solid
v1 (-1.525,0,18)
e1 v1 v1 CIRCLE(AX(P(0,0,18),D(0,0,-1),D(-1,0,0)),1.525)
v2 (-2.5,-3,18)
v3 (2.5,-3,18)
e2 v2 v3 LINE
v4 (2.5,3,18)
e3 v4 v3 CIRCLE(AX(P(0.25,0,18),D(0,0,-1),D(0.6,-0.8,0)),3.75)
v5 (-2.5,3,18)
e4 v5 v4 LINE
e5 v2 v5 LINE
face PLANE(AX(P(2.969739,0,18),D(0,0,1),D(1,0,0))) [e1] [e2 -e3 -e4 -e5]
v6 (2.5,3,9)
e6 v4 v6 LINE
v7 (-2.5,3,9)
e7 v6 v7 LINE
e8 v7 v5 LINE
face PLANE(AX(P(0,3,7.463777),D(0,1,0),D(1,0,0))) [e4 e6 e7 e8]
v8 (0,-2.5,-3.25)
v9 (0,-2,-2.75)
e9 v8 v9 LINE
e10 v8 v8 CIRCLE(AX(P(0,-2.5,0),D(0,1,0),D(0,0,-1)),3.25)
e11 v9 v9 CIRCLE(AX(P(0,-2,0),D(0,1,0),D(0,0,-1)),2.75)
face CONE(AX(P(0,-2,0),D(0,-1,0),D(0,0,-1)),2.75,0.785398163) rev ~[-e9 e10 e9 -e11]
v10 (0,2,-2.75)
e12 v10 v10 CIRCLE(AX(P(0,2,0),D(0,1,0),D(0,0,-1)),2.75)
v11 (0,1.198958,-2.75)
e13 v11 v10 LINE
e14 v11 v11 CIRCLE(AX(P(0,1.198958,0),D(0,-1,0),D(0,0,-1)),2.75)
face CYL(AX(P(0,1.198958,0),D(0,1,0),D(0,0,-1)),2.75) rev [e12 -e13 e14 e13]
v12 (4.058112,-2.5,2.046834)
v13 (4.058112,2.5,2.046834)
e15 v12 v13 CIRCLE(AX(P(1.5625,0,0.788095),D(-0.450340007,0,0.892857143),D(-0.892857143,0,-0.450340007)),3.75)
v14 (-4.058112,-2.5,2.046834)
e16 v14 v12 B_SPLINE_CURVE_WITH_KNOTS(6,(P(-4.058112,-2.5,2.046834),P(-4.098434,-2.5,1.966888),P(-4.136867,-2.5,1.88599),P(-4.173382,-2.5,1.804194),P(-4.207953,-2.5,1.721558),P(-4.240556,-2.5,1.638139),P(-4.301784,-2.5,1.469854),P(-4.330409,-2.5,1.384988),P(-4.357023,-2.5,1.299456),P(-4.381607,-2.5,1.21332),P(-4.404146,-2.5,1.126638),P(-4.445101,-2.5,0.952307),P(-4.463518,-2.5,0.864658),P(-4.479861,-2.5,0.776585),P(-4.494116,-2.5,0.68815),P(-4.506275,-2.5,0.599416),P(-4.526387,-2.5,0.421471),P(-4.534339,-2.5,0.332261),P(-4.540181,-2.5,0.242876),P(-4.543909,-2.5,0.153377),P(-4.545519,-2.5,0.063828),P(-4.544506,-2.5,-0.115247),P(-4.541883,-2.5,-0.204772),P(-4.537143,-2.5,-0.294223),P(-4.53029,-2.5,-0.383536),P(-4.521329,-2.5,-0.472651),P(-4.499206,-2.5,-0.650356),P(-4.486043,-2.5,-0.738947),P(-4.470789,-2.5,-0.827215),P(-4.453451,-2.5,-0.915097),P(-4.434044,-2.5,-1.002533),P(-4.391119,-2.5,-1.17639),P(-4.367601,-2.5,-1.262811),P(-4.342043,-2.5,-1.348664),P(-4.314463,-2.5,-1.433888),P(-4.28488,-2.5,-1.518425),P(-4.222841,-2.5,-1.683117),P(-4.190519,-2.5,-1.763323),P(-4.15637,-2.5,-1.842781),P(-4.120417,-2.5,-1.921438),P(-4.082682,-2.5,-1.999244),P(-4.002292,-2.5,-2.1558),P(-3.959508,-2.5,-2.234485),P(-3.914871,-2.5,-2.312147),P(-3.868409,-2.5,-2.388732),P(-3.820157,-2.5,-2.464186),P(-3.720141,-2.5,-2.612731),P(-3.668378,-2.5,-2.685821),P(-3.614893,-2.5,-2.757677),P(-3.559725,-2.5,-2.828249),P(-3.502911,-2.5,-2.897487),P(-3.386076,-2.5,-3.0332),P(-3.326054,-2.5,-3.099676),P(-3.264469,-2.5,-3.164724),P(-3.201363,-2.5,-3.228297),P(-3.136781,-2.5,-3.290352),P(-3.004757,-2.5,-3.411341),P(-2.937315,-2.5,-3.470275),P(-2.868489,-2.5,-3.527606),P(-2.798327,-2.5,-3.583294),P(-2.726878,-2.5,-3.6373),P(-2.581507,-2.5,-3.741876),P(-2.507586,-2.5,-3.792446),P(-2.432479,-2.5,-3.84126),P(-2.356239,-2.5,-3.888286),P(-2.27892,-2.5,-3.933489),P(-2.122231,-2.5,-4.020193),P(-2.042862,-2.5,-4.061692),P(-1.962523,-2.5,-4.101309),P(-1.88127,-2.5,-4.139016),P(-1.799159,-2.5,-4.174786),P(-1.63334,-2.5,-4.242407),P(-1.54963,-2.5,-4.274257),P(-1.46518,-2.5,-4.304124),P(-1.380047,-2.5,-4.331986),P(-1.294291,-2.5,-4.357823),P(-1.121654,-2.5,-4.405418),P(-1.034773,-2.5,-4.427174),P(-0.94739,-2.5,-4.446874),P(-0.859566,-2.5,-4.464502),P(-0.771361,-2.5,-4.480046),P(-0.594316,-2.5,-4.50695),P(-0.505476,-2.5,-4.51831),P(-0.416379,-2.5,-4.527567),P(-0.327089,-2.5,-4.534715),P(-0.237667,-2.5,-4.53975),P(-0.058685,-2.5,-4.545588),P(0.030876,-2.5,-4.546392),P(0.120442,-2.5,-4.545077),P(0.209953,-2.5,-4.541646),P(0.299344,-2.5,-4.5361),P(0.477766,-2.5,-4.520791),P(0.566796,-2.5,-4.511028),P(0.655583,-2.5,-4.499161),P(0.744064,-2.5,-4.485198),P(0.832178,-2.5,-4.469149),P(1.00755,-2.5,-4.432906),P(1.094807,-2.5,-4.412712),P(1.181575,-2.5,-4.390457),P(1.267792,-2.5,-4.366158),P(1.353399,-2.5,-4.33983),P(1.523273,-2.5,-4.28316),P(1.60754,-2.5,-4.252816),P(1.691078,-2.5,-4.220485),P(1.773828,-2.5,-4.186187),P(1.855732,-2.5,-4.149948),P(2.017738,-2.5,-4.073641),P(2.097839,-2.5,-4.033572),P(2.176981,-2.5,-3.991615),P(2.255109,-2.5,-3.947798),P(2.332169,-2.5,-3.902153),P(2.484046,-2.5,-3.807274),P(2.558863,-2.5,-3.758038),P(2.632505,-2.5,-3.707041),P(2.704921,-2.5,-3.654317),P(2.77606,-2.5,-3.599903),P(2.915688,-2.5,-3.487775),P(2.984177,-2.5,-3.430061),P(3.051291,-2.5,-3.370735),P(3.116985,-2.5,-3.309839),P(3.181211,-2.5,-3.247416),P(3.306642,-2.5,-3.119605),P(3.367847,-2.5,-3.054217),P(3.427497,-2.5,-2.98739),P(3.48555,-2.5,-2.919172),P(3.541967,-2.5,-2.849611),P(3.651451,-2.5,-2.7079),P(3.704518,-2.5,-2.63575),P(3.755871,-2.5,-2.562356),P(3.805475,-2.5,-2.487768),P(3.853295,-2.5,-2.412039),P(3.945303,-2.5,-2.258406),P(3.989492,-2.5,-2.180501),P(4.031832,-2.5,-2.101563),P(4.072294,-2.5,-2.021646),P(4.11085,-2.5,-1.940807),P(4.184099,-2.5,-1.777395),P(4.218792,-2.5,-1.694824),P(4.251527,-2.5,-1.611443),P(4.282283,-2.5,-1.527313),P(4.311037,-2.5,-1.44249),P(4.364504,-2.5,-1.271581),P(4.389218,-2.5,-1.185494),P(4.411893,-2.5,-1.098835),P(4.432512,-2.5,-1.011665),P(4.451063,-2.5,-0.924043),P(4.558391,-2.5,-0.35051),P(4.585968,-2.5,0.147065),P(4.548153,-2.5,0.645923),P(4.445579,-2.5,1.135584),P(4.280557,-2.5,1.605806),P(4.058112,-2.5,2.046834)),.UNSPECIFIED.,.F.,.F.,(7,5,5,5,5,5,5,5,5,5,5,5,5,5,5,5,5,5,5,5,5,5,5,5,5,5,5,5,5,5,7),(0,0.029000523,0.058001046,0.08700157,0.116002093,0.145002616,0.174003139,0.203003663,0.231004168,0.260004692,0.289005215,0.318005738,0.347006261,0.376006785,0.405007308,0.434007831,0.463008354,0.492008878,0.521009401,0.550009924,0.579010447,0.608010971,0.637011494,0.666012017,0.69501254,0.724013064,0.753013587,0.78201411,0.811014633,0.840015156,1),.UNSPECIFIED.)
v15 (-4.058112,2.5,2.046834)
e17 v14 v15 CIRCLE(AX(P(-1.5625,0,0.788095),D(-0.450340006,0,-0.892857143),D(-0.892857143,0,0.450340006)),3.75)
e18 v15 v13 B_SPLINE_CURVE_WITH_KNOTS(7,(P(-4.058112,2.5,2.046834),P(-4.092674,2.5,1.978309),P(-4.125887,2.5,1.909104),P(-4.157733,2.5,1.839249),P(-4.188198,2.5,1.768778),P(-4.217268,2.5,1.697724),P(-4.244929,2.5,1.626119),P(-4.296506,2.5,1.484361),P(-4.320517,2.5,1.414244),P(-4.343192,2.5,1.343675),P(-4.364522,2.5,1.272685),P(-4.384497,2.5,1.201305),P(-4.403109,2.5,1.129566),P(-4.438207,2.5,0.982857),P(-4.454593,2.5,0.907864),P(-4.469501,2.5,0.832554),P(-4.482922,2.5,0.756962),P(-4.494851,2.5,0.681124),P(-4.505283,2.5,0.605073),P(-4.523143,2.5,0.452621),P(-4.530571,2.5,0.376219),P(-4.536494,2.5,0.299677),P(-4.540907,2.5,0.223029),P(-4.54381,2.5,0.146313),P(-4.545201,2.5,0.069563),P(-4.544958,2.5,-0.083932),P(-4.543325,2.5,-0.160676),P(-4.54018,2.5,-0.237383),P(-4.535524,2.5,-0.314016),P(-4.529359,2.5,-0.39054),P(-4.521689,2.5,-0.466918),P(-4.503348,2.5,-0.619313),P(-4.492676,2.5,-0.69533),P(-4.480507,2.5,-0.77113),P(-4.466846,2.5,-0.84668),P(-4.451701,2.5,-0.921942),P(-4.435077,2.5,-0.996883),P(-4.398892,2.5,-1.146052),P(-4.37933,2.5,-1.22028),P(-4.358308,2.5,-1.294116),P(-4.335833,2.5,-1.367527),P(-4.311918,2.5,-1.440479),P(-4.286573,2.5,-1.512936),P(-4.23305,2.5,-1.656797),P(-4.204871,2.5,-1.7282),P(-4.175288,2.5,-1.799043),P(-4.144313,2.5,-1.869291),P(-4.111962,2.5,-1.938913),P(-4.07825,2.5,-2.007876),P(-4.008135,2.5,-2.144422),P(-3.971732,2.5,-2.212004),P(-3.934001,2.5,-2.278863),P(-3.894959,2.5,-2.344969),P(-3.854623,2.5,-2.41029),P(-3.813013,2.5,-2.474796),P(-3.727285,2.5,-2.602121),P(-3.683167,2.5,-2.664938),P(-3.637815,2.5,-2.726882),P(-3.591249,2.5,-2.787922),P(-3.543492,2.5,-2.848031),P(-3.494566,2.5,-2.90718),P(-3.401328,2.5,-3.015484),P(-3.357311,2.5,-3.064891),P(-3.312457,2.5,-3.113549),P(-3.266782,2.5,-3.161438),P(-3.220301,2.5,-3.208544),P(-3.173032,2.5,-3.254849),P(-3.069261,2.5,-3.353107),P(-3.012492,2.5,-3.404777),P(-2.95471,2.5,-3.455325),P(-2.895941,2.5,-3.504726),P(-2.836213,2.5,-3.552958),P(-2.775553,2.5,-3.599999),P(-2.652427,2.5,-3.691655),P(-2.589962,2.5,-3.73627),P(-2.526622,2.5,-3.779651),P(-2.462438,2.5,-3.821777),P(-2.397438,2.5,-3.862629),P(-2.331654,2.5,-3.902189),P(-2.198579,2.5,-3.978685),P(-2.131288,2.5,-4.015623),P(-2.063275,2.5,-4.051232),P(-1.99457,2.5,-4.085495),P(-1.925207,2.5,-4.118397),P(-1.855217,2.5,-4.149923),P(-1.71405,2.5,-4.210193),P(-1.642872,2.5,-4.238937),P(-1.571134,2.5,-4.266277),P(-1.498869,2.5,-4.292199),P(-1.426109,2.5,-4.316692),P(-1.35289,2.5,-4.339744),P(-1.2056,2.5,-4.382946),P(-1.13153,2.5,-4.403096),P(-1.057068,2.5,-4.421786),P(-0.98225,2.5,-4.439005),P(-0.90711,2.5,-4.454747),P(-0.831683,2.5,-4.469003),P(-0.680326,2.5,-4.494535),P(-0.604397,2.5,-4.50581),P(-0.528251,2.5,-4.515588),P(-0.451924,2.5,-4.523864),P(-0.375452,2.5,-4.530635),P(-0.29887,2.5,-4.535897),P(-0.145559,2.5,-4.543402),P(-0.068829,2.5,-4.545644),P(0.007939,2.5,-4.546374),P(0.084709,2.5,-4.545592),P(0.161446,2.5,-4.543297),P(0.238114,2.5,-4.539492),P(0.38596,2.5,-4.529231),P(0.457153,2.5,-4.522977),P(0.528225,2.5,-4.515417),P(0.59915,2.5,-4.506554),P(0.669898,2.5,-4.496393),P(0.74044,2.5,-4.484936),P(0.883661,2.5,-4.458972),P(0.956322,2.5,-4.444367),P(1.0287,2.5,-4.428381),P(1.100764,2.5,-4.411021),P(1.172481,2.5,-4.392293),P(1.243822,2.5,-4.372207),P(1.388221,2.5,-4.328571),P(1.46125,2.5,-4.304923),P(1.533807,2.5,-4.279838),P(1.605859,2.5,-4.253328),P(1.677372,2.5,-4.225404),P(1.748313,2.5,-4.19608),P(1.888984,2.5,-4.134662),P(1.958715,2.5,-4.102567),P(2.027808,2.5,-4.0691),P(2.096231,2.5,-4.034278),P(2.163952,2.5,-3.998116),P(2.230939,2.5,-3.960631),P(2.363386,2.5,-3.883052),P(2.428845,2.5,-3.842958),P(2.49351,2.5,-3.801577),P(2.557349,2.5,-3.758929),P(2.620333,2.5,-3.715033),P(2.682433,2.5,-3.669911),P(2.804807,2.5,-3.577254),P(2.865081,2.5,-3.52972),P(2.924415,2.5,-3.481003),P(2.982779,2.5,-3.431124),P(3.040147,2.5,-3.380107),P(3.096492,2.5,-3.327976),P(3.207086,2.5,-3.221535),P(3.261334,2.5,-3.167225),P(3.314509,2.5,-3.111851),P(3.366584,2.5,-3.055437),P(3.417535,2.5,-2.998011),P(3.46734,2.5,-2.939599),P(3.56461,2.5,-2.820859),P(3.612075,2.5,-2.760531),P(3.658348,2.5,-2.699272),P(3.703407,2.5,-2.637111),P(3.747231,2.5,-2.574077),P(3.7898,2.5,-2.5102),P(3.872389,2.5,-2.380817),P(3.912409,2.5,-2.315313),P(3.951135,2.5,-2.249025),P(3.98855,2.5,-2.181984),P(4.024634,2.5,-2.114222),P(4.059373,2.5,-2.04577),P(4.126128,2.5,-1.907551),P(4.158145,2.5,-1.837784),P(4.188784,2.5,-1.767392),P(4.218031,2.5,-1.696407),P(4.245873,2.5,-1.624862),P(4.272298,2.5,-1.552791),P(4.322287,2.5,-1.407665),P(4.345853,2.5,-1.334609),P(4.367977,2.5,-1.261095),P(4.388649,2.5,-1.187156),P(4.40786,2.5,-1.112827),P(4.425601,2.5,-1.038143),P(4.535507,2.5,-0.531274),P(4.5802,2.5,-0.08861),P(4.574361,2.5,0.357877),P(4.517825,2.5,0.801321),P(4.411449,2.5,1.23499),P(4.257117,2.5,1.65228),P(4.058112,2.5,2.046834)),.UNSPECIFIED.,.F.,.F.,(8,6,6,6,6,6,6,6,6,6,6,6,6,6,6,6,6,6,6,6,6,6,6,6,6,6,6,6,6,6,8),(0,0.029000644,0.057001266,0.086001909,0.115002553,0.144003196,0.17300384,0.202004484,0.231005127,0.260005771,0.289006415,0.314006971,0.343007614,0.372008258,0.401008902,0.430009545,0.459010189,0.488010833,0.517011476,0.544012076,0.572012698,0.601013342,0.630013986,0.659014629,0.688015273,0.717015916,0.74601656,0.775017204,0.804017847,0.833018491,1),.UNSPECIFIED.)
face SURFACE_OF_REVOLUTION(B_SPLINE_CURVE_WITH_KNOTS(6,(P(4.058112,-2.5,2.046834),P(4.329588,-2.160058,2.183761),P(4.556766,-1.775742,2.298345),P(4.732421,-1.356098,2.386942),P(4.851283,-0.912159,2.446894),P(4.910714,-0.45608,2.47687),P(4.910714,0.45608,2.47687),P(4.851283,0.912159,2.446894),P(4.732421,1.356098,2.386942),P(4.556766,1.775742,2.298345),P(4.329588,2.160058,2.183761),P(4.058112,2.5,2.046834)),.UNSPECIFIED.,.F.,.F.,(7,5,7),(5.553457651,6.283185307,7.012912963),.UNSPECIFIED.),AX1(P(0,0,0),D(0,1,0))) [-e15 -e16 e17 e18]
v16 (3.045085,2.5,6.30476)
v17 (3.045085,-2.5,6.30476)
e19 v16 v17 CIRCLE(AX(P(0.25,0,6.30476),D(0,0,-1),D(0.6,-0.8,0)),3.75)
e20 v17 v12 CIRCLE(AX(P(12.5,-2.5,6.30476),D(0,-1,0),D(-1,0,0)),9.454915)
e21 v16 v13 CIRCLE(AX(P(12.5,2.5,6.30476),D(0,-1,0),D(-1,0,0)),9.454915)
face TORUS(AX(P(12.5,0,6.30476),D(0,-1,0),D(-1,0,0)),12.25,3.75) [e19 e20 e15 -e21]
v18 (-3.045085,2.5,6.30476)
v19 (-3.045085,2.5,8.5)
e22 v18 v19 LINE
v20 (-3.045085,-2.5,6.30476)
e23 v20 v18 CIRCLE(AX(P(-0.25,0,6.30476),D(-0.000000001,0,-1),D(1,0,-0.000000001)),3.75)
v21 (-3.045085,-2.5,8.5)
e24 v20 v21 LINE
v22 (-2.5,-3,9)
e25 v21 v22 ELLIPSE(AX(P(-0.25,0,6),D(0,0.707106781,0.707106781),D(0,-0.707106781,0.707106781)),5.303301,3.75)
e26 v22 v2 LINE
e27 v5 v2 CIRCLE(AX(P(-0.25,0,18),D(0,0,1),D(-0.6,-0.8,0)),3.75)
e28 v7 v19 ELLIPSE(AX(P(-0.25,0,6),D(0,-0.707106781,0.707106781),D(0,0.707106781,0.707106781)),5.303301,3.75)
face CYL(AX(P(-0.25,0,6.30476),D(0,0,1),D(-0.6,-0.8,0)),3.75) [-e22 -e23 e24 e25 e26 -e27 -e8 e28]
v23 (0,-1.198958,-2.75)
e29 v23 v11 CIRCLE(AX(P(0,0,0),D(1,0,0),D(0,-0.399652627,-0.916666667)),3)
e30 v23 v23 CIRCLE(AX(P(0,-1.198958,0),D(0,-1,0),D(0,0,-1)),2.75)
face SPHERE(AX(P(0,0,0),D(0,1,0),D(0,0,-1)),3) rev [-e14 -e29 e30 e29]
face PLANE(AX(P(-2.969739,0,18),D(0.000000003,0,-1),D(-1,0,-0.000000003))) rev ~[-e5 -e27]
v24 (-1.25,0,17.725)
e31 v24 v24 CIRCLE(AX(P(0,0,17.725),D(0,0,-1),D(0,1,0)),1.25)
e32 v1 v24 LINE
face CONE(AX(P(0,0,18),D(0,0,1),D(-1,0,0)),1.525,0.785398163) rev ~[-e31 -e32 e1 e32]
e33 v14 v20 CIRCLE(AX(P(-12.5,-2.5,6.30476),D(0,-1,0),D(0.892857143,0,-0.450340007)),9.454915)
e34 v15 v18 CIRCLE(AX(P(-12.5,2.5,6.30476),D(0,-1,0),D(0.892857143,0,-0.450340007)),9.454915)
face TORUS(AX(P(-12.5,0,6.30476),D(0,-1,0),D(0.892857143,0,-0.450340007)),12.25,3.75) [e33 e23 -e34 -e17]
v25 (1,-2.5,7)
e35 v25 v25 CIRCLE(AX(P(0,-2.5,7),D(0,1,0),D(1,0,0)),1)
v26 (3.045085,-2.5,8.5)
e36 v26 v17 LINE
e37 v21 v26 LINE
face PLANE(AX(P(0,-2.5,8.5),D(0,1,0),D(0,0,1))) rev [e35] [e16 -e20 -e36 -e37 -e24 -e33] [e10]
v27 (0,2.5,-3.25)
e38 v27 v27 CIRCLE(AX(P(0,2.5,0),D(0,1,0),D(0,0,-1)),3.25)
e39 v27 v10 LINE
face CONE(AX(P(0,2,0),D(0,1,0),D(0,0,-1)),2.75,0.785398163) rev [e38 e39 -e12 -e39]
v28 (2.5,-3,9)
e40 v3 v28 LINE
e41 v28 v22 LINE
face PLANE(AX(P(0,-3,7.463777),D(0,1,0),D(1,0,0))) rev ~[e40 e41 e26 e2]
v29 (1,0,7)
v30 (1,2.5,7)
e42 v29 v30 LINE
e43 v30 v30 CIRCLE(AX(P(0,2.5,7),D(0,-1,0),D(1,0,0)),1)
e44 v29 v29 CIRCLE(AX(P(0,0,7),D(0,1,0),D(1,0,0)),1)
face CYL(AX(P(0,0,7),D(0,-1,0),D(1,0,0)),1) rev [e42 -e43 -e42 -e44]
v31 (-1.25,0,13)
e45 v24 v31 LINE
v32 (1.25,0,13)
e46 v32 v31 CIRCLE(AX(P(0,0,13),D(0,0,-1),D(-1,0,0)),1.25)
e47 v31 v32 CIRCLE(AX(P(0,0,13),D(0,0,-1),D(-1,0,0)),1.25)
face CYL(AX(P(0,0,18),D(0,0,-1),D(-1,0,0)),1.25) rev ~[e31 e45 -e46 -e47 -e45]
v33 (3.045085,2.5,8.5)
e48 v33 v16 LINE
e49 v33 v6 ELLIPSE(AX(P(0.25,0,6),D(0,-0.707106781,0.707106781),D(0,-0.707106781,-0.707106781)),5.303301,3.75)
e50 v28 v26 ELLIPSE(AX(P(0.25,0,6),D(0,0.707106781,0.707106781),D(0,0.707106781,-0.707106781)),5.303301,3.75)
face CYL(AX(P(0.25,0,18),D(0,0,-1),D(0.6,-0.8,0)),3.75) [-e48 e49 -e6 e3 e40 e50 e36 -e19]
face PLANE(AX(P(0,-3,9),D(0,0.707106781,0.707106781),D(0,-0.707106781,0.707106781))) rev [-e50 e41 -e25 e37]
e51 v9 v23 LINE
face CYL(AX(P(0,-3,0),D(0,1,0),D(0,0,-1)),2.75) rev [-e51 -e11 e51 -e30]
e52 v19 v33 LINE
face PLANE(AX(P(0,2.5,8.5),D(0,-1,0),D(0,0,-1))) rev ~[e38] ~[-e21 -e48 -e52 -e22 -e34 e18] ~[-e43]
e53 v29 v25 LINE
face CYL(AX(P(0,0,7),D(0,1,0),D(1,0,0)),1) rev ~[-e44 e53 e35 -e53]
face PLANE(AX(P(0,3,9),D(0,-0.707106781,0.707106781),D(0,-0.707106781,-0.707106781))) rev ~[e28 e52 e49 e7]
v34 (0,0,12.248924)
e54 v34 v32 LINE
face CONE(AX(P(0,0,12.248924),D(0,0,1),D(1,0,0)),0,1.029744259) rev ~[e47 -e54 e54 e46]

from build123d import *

# Parameters (mm, degrees)
BOSS_EXTRUDE1_DEPTH         = 3
FILLET1_R                   = 10
M3_TAPPED_HOLE1_D           = 2.5
M3_TAPPED_HOLE1_DEPTH       = 5
M3_TAPPED_HOLE1_CSINK_D     = 3.05
M3_TAPPED_HOLE1_CSINK_ANGLE = 90
M3_TAPPED_HOLE1_TIP         = 0.751075774
CUT_EXTRUDE1_DEPTH          = 6.5000001
SKETCH8_R                   = 1
CUT_EXTRUDE2_DEPTH          = 4
CUT_EXTRUDE2_DEPTH_BACK     = 4
CHAMFER1_SIZE               = 0.5


with BuildPart() as part:
    # Sketch1 → Boss-Extrude1 (new body, symmetric)
    with BuildSketch(Plane(origin=(0, 0, 0), x_dir=(1, 0, 0), z_dir=(0, 1, 0))):
        with BuildLine():
            Line((-2.5, -3.122498999), (-2.5, -18))
            Line((-2.5, -18), (2.5, -18))
            Line((2.5, -18), (2.5, -3.122498999))
            ThreePointArc((2.5, -3.122498999), (0, 4), (-2.5, -3.122498999))
        make_face()
    extrude(amount=BOSS_EXTRUDE1_DEPTH, both=True)

    # Fillet1
    fillet1_edges = [part.edges().sort_by_distance(p)[0] for p in [
        (-2.5, 0, 3.122498999),
        (2.5, 0, 3.122498999),
    ]]
    fillet(fillet1_edges, radius=FILLET1_R)

    # Sweep1: sweep along a path in Sketch3
    with BuildLine(Plane(origin=(0, 3, 0), x_dir=(1, 0, 0), z_dir=(0, 1, 0))) as sweep1_path:
        Line((2.5, -18), (2.5, -6.304760106))
        ThreePointArc((2.5, -6.304760106), (2.771543949, -3.990209857), (3.571428571, -1.80136003))
        ThreePointArc((3.571428571, -1.80136003), (0, 4), (-3.571428571, -1.80136003))
        ThreePointArc((-3.571428571, -1.80136003), (-2.771543949, -3.990209857), (-2.5, -6.304760106))
        Line((-2.5, -6.304760106), (-2.5, -18))
    # Sketch2 → Sweep1 (sweep)
    with BuildSketch(Plane.XY.offset(18)):
        with BuildLine():
            Line((2.5, 3), (2.5, -3))
            ThreePointArc((2.5, -3), (4, 0), (2.5, 3))
        make_face()
    sweep(path=sweep1_path.line)

    # M3 Tapped Hole1
    with Locations(Plane.XY.offset(18)):
        with Locations((0, 0)):
            CounterSinkHole(M3_TAPPED_HOLE1_D / 2, M3_TAPPED_HOLE1_CSINK_D / 2, depth=M3_TAPPED_HOLE1_DEPTH, counter_sink_angle=M3_TAPPED_HOLE1_CSINK_ANGLE)
            with Locations((0, 0, -(M3_TAPPED_HOLE1_DEPTH + M3_TAPPED_HOLE1_TIP / 2))):  # 118° drill point
                Cone(0, M3_TAPPED_HOLE1_D / 2, M3_TAPPED_HOLE1_TIP, mode=Mode.SUBTRACT)

    # Sketch6 → Cut-Extrude1 (cut, symmetric)
    with BuildSketch(Plane(origin=(0, 0, 0), x_dir=(0, 0, -1), z_dir=(1, 0, 0))):
        Polygon((-9, 3), (-8.5, 2.5), (11, 2.5), (11, 3), align=None)
    cut_extrude1 = extrude(amount=CUT_EXTRUDE1_DEPTH, both=True, mode=Mode.SUBTRACT)

    # Mirror1: Cut-Extrude1 across plane
    add(cut_extrude1.mirror(Plane.ZX), mode=Mode.SUBTRACT)

    # Sketch7 → Cut-Revolve1 (revolve, cut)
    with BuildSketch(Plane(origin=(0, 0, 0), x_dir=(0, 0, -1), z_dir=(1, 0, 0))):
        with BuildLine():
            Line((0, 3), (0, -3))
            Line((0, -3), (2.75, -3))
            Line((2.75, -3), (2.75, -1.198957881))
            ThreePointArc((2.75, -1.198957881), (3, 0), (2.75, 1.198957881))
            Line((2.75, 1.198957881), (2.75, 3))
            Line((2.75, 3), (0, 3))
        make_face()
    revolve(axis=Axis((0, 6.277574948, 0), (0, -1, 0)), mode=Mode.SUBTRACT)

    # Sketch8 → Cut-Extrude2 (cut, two sides)
    with BuildSketch(Plane(origin=(0, 0, 0), x_dir=(1, 0, 0), z_dir=(0, 1, 0))) as cut_extrude2_sk:
        with Locations((0, -7)):
            Circle(SKETCH8_R)
    extrude(amount=CUT_EXTRUDE2_DEPTH, mode=Mode.SUBTRACT)
    extrude(cut_extrude2_sk.sketch, amount=-CUT_EXTRUDE2_DEPTH_BACK, mode=Mode.SUBTRACT)

    # Chamfer1
    chamfer1_edges = [part.edges().sort_by_distance(p)[0] for p in [
        (0, 2.5, 2.75),
        (0, -2.5, 2.75),
    ]]
    chamfer(chamfer1_edges, length=CHAMFER1_SIZE)


solid = part.part
